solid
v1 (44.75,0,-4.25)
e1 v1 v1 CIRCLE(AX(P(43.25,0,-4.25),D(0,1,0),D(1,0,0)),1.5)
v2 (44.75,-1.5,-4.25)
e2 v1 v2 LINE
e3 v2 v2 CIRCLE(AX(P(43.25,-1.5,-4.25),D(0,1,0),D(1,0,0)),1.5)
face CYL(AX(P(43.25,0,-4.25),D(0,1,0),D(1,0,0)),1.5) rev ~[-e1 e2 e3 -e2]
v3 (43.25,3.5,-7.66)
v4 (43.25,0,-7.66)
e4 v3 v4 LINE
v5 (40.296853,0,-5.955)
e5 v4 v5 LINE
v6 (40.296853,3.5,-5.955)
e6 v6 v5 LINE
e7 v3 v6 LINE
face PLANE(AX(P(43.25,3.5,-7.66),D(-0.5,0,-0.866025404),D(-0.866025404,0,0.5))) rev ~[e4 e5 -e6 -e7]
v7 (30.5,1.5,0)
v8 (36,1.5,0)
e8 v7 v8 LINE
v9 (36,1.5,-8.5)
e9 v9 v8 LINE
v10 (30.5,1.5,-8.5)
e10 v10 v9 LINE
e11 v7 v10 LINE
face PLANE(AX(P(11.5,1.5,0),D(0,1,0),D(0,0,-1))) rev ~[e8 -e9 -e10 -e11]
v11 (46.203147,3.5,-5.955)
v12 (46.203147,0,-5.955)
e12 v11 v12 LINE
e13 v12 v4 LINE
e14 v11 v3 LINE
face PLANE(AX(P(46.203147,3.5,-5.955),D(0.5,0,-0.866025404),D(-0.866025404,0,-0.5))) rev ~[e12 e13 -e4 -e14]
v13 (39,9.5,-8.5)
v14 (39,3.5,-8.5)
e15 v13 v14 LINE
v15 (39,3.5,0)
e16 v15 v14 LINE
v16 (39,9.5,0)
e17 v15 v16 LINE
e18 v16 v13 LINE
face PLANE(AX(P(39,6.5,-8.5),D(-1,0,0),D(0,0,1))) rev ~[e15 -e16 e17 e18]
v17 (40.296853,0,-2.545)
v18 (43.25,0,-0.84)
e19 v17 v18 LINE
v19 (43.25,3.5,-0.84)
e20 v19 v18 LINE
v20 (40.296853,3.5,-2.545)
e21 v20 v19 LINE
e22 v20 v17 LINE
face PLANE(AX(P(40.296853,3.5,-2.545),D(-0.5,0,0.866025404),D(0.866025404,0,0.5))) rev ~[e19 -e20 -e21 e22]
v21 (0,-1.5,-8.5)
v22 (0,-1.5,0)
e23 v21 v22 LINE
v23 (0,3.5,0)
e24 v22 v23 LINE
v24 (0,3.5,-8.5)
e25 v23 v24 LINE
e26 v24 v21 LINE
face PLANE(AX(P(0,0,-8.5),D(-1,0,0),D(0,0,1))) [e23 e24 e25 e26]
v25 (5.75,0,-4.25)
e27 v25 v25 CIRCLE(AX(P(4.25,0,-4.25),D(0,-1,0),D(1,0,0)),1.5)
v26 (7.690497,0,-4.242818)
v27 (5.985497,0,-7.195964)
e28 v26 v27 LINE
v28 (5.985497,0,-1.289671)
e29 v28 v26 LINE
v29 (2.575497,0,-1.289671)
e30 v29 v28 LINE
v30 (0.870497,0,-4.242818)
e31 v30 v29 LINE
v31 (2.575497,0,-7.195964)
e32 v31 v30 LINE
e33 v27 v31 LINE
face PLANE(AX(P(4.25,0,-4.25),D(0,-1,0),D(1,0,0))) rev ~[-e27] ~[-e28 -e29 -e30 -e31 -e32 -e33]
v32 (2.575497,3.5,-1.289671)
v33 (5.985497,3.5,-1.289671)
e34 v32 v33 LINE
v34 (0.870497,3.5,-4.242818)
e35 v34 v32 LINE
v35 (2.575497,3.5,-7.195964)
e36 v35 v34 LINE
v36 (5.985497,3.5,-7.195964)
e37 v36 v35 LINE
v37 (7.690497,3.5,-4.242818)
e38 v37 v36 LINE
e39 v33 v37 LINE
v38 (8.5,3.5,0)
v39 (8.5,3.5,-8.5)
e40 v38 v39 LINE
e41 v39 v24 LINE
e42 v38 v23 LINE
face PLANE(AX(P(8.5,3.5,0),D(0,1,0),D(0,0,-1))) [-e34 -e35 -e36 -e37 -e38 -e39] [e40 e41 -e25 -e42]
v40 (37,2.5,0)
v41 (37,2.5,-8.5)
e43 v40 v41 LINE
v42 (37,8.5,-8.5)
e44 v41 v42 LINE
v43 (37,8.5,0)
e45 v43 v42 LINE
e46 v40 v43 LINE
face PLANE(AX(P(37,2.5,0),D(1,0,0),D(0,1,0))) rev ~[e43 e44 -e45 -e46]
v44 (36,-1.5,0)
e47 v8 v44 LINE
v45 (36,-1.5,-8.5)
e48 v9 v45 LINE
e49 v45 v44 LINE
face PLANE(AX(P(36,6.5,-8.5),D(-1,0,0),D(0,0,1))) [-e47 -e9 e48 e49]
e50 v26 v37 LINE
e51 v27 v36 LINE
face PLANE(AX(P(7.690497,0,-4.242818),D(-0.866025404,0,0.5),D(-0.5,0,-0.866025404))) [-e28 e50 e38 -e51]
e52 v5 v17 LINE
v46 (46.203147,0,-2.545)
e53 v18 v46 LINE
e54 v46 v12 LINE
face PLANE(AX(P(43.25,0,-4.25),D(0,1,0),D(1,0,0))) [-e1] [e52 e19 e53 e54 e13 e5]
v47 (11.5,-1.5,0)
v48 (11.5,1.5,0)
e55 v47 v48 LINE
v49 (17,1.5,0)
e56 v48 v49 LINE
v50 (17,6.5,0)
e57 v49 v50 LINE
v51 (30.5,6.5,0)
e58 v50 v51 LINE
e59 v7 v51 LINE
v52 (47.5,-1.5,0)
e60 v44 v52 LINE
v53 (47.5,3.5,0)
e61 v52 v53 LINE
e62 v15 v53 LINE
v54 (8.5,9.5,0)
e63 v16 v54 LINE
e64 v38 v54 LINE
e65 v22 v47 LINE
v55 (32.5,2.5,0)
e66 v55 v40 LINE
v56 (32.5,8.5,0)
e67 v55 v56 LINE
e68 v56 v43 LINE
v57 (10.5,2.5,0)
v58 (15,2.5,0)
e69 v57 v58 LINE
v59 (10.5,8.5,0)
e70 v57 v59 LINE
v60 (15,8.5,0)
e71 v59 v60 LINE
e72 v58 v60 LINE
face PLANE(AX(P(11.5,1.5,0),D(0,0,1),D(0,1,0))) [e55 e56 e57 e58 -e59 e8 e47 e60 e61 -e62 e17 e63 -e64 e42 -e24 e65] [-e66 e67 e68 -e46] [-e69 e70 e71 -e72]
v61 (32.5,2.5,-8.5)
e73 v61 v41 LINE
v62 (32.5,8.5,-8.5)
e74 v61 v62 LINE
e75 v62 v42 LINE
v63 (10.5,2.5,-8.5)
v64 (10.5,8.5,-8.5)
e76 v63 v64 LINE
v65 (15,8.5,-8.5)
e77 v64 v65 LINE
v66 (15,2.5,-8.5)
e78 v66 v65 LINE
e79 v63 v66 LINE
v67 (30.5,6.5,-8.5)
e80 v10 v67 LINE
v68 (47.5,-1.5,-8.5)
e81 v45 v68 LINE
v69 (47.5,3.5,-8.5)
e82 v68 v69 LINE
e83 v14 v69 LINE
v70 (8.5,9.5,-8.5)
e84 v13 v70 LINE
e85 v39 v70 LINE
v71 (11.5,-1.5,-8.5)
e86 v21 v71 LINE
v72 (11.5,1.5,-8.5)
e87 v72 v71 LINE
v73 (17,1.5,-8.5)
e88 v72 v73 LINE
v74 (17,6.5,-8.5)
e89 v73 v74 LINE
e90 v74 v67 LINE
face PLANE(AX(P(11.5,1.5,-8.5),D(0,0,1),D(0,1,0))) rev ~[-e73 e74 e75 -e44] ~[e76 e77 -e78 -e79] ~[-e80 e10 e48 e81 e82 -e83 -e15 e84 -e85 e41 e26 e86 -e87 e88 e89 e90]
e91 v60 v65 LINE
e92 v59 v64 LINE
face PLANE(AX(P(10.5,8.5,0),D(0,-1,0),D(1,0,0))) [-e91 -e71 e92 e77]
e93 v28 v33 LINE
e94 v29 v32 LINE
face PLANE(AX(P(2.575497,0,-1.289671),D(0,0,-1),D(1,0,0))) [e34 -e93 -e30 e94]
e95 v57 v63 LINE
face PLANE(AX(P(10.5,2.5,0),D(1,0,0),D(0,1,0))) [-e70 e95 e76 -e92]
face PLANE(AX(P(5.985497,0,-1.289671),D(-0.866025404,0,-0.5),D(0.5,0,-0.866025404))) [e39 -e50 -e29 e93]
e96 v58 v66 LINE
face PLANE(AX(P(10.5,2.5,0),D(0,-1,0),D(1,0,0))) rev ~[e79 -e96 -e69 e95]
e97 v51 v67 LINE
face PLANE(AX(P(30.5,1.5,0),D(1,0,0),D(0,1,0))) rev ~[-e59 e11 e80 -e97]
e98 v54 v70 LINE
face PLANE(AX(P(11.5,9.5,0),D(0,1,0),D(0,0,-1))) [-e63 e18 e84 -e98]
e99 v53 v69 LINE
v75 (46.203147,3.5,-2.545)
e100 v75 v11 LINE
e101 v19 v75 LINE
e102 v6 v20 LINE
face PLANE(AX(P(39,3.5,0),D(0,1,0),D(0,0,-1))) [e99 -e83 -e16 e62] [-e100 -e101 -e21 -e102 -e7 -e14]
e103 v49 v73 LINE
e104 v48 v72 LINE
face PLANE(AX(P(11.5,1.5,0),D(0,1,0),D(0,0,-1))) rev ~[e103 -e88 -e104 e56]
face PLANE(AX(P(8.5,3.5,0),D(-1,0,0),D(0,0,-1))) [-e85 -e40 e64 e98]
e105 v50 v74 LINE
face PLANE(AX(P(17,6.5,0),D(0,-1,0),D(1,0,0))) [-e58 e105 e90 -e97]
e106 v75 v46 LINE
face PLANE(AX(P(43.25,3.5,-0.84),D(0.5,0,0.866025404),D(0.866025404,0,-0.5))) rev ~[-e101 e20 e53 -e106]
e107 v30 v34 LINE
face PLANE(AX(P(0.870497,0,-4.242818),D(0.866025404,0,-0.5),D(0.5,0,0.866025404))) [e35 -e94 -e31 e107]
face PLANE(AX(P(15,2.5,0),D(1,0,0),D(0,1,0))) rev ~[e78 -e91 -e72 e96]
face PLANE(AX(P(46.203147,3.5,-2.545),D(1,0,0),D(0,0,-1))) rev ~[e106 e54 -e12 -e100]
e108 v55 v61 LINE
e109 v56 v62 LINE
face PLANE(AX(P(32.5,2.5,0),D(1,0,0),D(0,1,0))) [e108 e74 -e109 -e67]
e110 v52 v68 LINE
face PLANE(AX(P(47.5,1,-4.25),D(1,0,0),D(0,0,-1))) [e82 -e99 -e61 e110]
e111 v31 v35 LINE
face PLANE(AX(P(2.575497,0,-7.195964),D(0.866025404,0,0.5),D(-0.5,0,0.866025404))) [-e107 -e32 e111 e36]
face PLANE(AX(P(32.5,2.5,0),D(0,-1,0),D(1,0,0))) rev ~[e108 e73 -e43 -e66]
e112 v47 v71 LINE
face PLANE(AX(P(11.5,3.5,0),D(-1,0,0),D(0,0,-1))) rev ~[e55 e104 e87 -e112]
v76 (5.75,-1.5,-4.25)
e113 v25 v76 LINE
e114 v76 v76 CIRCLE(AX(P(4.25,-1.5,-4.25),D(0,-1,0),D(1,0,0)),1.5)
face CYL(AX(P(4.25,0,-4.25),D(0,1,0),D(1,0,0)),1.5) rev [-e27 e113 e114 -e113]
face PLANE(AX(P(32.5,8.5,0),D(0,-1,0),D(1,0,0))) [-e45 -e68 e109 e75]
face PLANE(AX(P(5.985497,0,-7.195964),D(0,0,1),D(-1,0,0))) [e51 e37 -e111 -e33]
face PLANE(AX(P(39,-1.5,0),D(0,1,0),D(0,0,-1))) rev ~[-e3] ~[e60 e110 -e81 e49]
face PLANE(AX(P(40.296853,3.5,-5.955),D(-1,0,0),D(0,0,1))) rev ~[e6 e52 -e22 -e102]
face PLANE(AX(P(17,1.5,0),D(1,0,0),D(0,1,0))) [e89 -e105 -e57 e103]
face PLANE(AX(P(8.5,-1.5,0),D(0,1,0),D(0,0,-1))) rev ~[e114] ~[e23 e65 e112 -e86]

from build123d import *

# Parameters (mm, degrees)
SKETCH1_W           = 8.5
SKETCH1_H           = 8.5
BOSS_EXTRUDE1_DEPTH = 3.5
SKETCH2_W           = 8.5
SKETCH2_H           = 8.5
SKETCH2_R           = 1.5
BOSS_EXTRUDE2_DEPTH = 1.5
SKETCH3_W           = 8.5
SKETCH3_H           = 5
BOSS_EXTRUDE3_DEPTH = 3
SKETCH4_W           = 3
SKETCH4_H           = 8.5
BOSS_EXTRUDE4_DEPTH = 6
SKETCH5_W           = 8.5
SKETCH5_H           = 3
BOSS_EXTRUDE5_DEPTH = 27.5
SKETCH6_W           = 3
SKETCH6_H           = 8.5
BOSS_EXTRUDE6_DEPTH = 8
SKETCH7_W           = 8.5
SKETCH7_H           = 5
BOSS_EXTRUDE7_DEPTH = 8.5
CUT_EXTRUDE1_DEPTH  = 3.5
SKETCH10_R          = 1.5
CUT_EXTRUDE3_DEPTH  = 3.5
BOSS_EXTRUDE8_REACH = 38
SKETCH15_W          = 8.5
SKETCH15_H          = 5
SKETCH16_W          = 4.5
SKETCH16_H          = 6
CUT_EXTRUDE4_DEPTH  = 10
SKETCH17_W          = 13.5
SKETCH17_H          = 5
CUT_EXTRUDE5_DEPTH  = 10


with BuildPart() as part:
    # Sketch1 → Boss-Extrude1 (new body)
    with BuildSketch(Plane(origin=(0, 0, 0), x_dir=(1, 0, 0), z_dir=(0, 1, 0))):
        with Locations((4.25, 4.25)):
            Rectangle(SKETCH1_W, SKETCH1_H)
        Polygon((5.985496764, 7.195964334), (2.575496764, 7.195964334), (0.870496764, 4.242817707), (2.575496764, 1.28967108), (5.985496764, 1.28967108), (7.690496764, 4.242817707), align=None, mode=Mode.SUBTRACT)
    extrude(amount=BOSS_EXTRUDE1_DEPTH)

    # Sketch2 → Boss-Extrude2 (add)
    with BuildSketch(Plane.XZ):
        with Locations((4.25, -4.25)):
            Rectangle(SKETCH2_W, SKETCH2_H)
        with Locations((4.25, -4.25)):
            Circle(SKETCH2_R, mode=Mode.SUBTRACT)
    extrude(amount=BOSS_EXTRUDE2_DEPTH)

    # Sketch3 → Boss-Extrude3 (add)
    with BuildSketch(Plane(origin=(8.5, 0, 0), x_dir=(0, 0, -1), z_dir=(1, 0, 0))):
        with Locations((4.25, 1)):
            Rectangle(SKETCH3_W, SKETCH3_H)
    extrude(amount=BOSS_EXTRUDE3_DEPTH)

    # Sketch4 → Boss-Extrude4 (add)
    with BuildSketch(Plane(origin=(0, 3.5, 0), x_dir=(1, 0, 0), z_dir=(0, 1, 0))):
        with Locations((10, 4.25)):
            Rectangle(SKETCH4_W, SKETCH4_H)
    extrude(amount=BOSS_EXTRUDE4_DEPTH)

    # Sketch5 → Boss-Extrude5 (add)
    with BuildSketch(Plane(origin=(11.5, 0, 0), x_dir=(0, 0, -1), z_dir=(1, 0, 0))):
        with Locations((4.25, 8)):
            Rectangle(SKETCH5_W, SKETCH5_H)
    extrude(amount=BOSS_EXTRUDE5_DEPTH)

    # Sketch6 → Boss-Extrude6 (add)
    with BuildSketch(Plane.XZ.offset(-6.5)):
        with Locations((37.5, -4.25)):
            Rectangle(SKETCH6_W, SKETCH6_H)
    extrude(amount=BOSS_EXTRUDE6_DEPTH)

    # Sketch7 → Boss-Extrude7 (add)
    with BuildSketch(Plane(origin=(39, 0, 0), x_dir=(0, 0, -1), z_dir=(1, 0, 0))):
        with Locations((4.25, 1)):
            Rectangle(SKETCH7_W, SKETCH7_H)
    extrude(amount=BOSS_EXTRUDE7_DEPTH)

    # Sketch8 → Cut-Extrude1 (cut)
    with BuildSketch(Plane(origin=(0, 3.5, 0), x_dir=(1, 0, 0), z_dir=(0, 1, 0))):
        Polygon((46.203146627, 5.955), (43.25, 7.66), (40.296853373, 5.955), (40.296853373, 2.545), (43.25, 0.84), (46.203146627, 2.545), align=None)
    extrude(amount=-CUT_EXTRUDE1_DEPTH, mode=Mode.SUBTRACT)

    # Sketch10 → Cut-Extrude3 (cut)
    with BuildSketch(Plane(origin=(0, 0, 0), x_dir=(1, 0, 0), z_dir=(0, 1, 0))):
        with Locations((43.25, 4.25)):
            Circle(SKETCH10_R)
    extrude(amount=-CUT_EXTRUDE3_DEPTH, mode=Mode.SUBTRACT)

    # Sketch15 → Boss-Extrude8 (add, up to next)
    with BuildSketch(Plane(origin=(11.5, 0, 0), x_dir=(0, 0, -1), z_dir=(1, 0, 0)), mode=Mode.PRIVATE) as boss_extrude8_sk1:
        with Locations((4.25, 4)):
            Rectangle(SKETCH15_W, SKETCH15_H)
    boss_extrude8_tool1 = extrude(boss_extrude8_sk1.sketch, amount=BOSS_EXTRUDE8_REACH, mode=Mode.PRIVATE) - part.part
    add(boss_extrude8_tool1.solids().sort_by_distance((11.5, 4, -4.25))[0])

    # Sketch16 → Cut-Extrude4 (cut)
    with BuildSketch(Plane.XY):
        with Locations((12.75, 5.5)):
            Rectangle(SKETCH16_W, SKETCH16_H)
        with Locations((34.75, 5.5)):
            Rectangle(SKETCH16_W, SKETCH16_H)
    extrude(amount=-CUT_EXTRUDE4_DEPTH, mode=Mode.SUBTRACT)

    # Sketch17 → Cut-Extrude5 (cut)
    with BuildSketch(Plane.XY):
        with Locations((23.75, 4)):
            Rectangle(SKETCH17_W, SKETCH17_H)
    extrude(amount=-CUT_EXTRUDE5_DEPTH, mode=Mode.SUBTRACT)


solid = part.part
